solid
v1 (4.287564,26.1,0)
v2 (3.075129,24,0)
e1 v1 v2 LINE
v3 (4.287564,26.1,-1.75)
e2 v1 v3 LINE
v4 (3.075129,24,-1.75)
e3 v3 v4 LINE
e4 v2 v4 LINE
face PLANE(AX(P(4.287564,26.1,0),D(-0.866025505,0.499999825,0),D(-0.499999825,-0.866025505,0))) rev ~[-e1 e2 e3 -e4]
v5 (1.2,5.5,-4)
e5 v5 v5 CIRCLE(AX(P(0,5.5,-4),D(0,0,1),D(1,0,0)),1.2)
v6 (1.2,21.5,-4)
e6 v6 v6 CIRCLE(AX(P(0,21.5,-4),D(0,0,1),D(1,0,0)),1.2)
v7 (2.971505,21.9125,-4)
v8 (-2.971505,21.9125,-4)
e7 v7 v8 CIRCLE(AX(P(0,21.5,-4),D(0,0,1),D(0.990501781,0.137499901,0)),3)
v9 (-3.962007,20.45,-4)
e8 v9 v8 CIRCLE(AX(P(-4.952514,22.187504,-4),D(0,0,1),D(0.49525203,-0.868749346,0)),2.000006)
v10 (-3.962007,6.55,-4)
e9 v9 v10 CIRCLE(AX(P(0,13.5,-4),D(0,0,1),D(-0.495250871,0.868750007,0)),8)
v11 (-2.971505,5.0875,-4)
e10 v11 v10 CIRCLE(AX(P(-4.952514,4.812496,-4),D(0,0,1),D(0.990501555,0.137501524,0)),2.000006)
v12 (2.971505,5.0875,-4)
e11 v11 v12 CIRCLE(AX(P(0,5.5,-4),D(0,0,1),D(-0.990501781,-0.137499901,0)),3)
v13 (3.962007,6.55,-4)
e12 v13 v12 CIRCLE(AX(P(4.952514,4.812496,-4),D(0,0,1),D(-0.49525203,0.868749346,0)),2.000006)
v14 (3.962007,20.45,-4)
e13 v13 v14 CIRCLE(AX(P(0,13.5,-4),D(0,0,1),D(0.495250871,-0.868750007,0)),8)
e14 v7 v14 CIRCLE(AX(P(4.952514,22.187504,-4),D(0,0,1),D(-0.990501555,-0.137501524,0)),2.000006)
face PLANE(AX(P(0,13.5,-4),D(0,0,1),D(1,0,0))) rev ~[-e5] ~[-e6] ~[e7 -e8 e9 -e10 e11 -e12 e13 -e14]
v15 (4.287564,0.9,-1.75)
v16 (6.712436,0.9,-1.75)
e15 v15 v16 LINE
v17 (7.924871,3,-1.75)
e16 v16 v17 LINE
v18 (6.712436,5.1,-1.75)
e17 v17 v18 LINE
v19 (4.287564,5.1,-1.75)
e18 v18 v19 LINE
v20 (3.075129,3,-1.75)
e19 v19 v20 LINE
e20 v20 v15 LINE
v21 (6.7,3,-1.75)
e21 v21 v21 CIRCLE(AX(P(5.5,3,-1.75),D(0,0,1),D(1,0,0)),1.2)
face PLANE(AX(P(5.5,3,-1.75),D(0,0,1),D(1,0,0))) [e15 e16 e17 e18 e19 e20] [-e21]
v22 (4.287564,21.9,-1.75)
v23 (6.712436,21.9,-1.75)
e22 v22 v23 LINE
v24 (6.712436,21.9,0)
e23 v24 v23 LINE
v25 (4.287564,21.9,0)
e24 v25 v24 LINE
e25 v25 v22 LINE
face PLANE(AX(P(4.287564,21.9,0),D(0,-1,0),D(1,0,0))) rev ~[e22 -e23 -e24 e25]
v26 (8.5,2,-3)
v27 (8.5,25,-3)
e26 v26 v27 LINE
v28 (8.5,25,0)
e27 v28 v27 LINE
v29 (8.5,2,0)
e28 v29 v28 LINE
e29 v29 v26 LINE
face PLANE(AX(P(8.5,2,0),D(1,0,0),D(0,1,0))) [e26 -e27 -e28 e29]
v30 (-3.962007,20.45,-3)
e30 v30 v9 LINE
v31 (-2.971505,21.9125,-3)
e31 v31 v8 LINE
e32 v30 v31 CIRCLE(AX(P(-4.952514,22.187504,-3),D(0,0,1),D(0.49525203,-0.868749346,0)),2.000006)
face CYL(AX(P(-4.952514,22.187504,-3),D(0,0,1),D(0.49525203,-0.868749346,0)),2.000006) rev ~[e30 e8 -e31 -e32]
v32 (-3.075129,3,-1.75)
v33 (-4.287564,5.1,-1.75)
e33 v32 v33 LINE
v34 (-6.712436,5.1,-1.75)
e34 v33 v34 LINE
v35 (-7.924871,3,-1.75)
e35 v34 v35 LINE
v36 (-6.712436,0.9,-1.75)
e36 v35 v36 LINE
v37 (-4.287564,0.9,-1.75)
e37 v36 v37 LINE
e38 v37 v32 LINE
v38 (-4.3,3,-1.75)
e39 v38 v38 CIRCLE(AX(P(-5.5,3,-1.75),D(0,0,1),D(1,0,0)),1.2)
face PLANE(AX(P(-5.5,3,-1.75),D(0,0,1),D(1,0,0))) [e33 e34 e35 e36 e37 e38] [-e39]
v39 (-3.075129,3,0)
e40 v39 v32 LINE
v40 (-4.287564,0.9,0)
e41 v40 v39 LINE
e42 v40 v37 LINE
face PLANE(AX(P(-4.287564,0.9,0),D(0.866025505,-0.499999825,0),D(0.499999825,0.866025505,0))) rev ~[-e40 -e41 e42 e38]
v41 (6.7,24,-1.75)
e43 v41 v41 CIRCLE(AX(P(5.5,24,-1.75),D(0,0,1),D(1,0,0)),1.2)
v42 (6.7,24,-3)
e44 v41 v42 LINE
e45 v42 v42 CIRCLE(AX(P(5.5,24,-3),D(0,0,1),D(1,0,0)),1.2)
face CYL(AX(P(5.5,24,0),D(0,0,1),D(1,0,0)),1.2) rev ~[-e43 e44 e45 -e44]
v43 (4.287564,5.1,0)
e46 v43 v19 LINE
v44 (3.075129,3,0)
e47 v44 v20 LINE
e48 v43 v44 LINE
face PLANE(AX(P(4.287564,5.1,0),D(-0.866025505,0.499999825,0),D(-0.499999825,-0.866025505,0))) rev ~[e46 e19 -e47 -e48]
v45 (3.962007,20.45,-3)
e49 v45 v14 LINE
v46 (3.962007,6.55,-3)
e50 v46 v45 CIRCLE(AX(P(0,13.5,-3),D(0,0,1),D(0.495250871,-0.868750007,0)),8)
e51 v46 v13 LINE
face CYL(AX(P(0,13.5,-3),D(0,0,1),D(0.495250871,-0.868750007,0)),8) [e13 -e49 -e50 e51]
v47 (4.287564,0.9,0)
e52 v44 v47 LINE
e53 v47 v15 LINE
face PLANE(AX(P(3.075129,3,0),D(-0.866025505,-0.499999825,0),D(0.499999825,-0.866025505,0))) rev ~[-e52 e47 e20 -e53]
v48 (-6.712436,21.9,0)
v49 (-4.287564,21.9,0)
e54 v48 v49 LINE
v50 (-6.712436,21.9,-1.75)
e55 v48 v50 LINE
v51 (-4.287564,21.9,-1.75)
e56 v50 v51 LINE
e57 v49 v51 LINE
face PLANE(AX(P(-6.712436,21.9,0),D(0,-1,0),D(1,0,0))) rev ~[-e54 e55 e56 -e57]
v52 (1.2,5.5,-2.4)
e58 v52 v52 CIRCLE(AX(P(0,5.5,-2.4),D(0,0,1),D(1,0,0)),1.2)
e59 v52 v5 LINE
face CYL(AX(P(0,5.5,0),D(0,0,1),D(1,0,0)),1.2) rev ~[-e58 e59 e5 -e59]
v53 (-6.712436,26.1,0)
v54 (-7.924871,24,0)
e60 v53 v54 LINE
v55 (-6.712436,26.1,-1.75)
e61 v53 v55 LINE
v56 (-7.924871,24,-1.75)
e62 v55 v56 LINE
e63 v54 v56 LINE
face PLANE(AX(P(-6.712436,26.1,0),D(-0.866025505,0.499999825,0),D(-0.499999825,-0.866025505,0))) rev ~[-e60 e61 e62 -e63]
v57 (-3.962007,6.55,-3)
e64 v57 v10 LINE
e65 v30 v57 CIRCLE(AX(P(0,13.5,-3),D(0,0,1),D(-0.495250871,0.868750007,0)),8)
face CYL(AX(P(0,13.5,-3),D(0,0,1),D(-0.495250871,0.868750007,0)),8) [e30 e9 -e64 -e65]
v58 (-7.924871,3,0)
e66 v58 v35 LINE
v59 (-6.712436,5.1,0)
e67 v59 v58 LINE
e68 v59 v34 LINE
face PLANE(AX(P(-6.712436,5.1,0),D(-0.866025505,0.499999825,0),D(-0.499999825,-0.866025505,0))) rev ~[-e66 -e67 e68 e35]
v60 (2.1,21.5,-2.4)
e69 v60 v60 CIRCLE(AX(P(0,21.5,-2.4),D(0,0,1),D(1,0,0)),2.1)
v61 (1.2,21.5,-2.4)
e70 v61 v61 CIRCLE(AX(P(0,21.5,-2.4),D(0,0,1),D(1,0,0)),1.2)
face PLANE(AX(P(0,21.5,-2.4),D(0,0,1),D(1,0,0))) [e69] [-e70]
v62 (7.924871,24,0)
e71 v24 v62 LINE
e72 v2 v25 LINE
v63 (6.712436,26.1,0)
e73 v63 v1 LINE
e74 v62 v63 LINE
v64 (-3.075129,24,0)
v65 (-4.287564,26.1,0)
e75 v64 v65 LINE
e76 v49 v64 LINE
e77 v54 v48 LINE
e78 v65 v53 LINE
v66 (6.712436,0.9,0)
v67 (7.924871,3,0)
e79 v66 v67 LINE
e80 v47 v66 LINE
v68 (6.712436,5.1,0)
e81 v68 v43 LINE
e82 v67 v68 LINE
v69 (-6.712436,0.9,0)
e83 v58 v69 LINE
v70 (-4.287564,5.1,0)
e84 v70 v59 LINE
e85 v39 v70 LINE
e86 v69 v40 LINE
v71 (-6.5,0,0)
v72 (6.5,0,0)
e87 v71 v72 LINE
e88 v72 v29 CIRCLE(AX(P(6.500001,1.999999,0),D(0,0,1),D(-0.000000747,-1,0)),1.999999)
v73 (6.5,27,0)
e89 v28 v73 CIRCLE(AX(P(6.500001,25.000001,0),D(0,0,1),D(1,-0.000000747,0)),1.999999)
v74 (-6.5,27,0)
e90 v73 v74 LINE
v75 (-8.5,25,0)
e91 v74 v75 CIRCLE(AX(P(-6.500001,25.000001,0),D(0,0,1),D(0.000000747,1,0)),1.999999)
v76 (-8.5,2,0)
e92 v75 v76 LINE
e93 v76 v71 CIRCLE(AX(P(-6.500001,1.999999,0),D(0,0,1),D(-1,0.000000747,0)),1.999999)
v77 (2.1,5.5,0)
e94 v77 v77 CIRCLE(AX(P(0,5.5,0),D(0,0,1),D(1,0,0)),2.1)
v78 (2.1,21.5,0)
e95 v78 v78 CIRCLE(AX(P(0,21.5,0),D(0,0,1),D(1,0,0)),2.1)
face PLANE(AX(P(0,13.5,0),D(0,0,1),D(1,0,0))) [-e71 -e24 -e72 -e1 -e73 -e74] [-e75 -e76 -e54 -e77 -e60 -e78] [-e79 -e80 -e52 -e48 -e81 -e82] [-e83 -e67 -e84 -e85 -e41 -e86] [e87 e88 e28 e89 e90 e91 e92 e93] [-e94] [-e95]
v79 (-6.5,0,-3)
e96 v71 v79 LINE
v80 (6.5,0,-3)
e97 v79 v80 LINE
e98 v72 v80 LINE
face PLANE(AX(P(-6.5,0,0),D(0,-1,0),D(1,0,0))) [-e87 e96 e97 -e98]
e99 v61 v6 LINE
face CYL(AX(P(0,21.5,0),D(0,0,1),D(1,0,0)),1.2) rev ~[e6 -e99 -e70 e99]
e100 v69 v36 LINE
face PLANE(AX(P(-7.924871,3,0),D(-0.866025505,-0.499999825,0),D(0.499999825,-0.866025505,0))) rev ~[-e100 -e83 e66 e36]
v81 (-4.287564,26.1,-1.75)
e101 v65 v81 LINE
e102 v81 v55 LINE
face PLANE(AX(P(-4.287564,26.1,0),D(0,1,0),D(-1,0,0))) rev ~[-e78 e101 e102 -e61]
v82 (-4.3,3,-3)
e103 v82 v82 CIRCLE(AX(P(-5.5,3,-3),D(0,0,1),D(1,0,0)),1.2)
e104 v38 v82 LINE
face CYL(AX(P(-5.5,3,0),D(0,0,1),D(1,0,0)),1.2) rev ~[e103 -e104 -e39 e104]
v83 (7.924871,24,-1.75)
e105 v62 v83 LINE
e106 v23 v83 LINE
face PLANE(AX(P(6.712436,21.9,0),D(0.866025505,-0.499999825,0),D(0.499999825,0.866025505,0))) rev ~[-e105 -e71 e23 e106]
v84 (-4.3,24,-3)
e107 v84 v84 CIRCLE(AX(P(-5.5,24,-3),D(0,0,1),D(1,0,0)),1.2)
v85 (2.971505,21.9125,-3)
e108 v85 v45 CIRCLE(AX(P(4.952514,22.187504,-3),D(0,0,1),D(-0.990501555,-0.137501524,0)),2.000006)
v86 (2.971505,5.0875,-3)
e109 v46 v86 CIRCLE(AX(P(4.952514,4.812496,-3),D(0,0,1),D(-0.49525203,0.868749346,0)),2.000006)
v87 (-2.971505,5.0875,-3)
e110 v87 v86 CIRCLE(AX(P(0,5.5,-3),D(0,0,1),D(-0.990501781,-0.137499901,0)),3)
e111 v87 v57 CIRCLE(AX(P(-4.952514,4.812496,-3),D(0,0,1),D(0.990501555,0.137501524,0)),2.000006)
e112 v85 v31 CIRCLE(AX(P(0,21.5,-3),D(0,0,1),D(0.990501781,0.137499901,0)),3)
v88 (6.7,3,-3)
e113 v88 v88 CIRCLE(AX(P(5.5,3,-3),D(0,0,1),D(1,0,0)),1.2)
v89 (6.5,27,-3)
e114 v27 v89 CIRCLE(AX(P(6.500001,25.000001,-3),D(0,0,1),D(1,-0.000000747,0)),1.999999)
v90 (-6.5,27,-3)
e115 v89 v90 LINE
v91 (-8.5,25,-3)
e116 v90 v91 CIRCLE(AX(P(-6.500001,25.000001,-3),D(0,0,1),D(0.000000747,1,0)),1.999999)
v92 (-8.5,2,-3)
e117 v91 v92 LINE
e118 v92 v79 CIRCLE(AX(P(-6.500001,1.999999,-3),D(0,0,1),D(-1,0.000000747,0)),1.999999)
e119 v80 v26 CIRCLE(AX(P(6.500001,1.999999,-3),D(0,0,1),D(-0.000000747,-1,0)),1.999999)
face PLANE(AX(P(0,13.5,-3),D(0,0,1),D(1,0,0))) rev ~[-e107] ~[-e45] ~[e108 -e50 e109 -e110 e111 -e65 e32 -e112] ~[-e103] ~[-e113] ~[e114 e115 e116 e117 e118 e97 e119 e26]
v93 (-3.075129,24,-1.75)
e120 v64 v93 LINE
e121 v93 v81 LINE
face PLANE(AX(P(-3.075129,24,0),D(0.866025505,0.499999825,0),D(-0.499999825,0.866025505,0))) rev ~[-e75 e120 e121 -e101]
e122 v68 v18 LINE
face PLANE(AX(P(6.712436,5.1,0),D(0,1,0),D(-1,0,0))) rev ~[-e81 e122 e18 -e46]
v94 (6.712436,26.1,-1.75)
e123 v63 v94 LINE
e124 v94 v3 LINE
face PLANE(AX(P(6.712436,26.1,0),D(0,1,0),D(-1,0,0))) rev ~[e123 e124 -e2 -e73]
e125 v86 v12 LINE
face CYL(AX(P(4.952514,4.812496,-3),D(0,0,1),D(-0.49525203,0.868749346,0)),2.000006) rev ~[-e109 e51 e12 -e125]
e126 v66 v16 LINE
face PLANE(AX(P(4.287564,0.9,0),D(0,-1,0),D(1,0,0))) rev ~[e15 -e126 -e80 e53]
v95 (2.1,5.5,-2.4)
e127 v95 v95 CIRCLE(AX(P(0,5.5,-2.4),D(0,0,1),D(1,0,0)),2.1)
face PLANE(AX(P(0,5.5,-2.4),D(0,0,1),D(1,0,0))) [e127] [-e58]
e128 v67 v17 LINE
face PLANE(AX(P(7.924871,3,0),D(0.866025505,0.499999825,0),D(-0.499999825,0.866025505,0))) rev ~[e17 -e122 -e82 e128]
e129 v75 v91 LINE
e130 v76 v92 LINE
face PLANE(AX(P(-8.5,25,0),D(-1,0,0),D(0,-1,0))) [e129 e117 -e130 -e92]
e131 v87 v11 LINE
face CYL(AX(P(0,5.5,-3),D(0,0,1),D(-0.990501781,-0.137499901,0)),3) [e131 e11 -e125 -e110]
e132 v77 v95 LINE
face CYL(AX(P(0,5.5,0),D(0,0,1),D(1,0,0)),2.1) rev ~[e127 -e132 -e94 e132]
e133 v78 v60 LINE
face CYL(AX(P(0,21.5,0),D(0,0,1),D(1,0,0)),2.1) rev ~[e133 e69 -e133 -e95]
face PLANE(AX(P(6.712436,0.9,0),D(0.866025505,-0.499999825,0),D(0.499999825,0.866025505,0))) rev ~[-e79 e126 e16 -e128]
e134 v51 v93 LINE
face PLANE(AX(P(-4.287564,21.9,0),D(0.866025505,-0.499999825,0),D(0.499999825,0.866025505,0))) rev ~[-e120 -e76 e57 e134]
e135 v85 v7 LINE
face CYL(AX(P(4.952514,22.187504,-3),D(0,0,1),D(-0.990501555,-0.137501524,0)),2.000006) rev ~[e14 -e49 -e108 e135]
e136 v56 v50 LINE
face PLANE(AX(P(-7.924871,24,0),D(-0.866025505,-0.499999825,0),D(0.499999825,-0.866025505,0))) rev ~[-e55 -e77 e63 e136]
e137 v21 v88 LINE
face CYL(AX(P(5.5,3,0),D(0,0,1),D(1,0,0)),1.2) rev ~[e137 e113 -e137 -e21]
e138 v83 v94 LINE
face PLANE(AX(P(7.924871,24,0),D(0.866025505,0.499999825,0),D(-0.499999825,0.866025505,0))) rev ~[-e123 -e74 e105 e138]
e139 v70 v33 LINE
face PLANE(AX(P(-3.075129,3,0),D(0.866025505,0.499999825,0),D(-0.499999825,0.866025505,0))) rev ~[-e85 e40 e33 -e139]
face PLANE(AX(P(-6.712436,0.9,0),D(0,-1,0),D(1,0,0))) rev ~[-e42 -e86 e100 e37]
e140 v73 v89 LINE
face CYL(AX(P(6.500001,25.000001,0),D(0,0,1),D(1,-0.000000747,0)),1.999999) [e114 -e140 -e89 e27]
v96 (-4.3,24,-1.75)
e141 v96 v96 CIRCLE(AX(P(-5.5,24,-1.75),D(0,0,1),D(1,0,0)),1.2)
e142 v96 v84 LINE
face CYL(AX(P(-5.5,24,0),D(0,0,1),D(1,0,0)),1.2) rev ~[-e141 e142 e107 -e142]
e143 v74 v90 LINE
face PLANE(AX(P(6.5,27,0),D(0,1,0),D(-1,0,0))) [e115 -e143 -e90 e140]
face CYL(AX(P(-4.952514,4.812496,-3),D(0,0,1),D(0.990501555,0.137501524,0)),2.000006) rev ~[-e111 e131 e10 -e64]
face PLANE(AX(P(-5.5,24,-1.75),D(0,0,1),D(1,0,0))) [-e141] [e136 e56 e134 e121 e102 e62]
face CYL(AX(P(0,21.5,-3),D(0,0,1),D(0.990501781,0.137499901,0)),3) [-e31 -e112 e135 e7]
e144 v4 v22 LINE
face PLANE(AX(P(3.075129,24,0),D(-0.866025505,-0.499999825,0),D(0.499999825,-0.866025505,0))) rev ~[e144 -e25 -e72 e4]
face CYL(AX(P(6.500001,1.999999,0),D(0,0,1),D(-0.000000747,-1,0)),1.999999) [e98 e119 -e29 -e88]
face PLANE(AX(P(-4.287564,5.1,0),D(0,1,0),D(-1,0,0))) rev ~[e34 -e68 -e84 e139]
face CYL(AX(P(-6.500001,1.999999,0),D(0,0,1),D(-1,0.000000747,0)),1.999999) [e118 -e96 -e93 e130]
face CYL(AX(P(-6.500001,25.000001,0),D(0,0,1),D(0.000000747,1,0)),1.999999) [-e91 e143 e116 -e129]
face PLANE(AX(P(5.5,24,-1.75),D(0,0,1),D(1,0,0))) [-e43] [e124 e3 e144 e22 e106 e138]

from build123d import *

# Parameters (mm, degrees)
PAD004_DEPTH         = 3
SKETCH049_R          = 1.2
POCKET025_DEPTH      = 3.001
PAD003_DEPTH         = 1
SKETCH048_R          = 1.2
POCKET023_DEPTH      = 4.001
POCKET023_DEPTH_BACK = 0.001
POCKET024_DEPTH      = 1.75
SKETCH052_R          = 2.1
POCKET026_DEPTH      = 2.4


with BuildPart() as part:
    # Sketch047 → Pad004 (new body)
    with BuildSketch(Plane.XY):
        with BuildLine():
            Line((-6.5, 0), (6.5, 0))
            ThreePointArc((6.5, 0), (7.914214, 0.585786), (8.5, 2))
            Line((8.5, 2), (8.5, 25))
            ThreePointArc((8.5, 25), (7.914214, 26.414214), (6.5, 27))
            Line((6.5, 27), (-6.5, 27))
            ThreePointArc((-6.5, 27), (-7.914214, 26.414214), (-8.5, 25))
            Line((-8.5, 25), (-8.5, 2))
            ThreePointArc((-8.5, 2), (-7.914214, 0.585786), (-6.5, 0))
        make_face()
    extrude(amount=-PAD004_DEPTH)

    # Sketch049 → Pocket025 (cut, through all)
    with BuildSketch(Plane.XY):
        with Locations((-5.5, 24)):
            Circle(SKETCH049_R)
        with Locations((5.5, 24)):
            Circle(SKETCH049_R)
        with Locations((5.5, 3)):
            Circle(SKETCH049_R)
        with Locations((-5.5, 3)):
            Circle(SKETCH049_R)
    extrude(amount=-POCKET025_DEPTH, mode=Mode.SUBTRACT)

    # Sketch051 (on DatumPlane) → Pad003 (join)
    with BuildSketch(Plane.XY.offset(-3)):
        with BuildLine():
            ThreePointArc((-3.962007, 20.45), (-8, 13.5), (-3.962007, 6.55))
            ThreePointArc((-2.971505, 5.0875), (-3.296554, 5.934022), (-3.962007, 6.55))
            ThreePointArc((-2.971505, 5.0875), (0, 2.5), (2.971505, 5.0875))
            ThreePointArc((3.962007, 6.55), (3.296554, 5.934022), (2.971505, 5.0875))
            ThreePointArc((3.962007, 6.55), (8, 13.5), (3.962007, 20.45))
            ThreePointArc((2.971505, 21.9125), (3.296554, 21.065978), (3.962007, 20.45))
            ThreePointArc((2.971505, 21.9125), (0, 24.5), (-2.971505, 21.9125))
            ThreePointArc((-3.962007, 20.45), (-3.296554, 21.065978), (-2.971505, 21.9125))
        make_face()
    extrude(amount=-PAD003_DEPTH)

    # Sketch048 → Pocket023 (cut, two sides)
    with BuildSketch(Plane.XY) as pocket023_sk:
        with Locations((0, 5.5)):
            Circle(SKETCH048_R)
        with Locations((0, 21.5)):
            Circle(SKETCH048_R)
    extrude(amount=-POCKET023_DEPTH, mode=Mode.SUBTRACT)
    extrude(pocket023_sk.sketch, amount=POCKET023_DEPTH_BACK, mode=Mode.SUBTRACT)

    # Sketch050 → Pocket024 (cut)
    with BuildSketch(Plane.XY):
        Polygon((4.287564, 0.9), (6.712436, 0.9), (7.924871, 3), (6.712436, 5.1), (4.287564, 5.1), (3.075129, 3), align=None)
        Polygon((6.712436, 26.1), (4.287564, 26.1), (3.075129, 24), (4.287564, 21.9), (6.712436, 21.9), (7.924871, 24), align=None)
        Polygon((-4.287564, 21.9), (-3.075129, 24), (-4.287564, 26.1), (-6.712436, 26.1), (-7.924871, 24), (-6.712436, 21.9), align=None)
        Polygon((-4.287564, 0.9), (-3.075129, 3), (-4.287564, 5.1), (-6.712436, 5.1), (-7.924871, 3), (-6.712436, 0.9), align=None)
    extrude(amount=-POCKET024_DEPTH, mode=Mode.SUBTRACT)

    # Sketch052 → Pocket026 (cut)
    with BuildSketch(Plane.XY):
        with Locations((0, 21.5)):
            Circle(SKETCH052_R)
        with Locations((0, 5.5)):
            Circle(SKETCH052_R)
    extrude(amount=-POCKET026_DEPTH, mode=Mode.SUBTRACT)


solid = part.part
